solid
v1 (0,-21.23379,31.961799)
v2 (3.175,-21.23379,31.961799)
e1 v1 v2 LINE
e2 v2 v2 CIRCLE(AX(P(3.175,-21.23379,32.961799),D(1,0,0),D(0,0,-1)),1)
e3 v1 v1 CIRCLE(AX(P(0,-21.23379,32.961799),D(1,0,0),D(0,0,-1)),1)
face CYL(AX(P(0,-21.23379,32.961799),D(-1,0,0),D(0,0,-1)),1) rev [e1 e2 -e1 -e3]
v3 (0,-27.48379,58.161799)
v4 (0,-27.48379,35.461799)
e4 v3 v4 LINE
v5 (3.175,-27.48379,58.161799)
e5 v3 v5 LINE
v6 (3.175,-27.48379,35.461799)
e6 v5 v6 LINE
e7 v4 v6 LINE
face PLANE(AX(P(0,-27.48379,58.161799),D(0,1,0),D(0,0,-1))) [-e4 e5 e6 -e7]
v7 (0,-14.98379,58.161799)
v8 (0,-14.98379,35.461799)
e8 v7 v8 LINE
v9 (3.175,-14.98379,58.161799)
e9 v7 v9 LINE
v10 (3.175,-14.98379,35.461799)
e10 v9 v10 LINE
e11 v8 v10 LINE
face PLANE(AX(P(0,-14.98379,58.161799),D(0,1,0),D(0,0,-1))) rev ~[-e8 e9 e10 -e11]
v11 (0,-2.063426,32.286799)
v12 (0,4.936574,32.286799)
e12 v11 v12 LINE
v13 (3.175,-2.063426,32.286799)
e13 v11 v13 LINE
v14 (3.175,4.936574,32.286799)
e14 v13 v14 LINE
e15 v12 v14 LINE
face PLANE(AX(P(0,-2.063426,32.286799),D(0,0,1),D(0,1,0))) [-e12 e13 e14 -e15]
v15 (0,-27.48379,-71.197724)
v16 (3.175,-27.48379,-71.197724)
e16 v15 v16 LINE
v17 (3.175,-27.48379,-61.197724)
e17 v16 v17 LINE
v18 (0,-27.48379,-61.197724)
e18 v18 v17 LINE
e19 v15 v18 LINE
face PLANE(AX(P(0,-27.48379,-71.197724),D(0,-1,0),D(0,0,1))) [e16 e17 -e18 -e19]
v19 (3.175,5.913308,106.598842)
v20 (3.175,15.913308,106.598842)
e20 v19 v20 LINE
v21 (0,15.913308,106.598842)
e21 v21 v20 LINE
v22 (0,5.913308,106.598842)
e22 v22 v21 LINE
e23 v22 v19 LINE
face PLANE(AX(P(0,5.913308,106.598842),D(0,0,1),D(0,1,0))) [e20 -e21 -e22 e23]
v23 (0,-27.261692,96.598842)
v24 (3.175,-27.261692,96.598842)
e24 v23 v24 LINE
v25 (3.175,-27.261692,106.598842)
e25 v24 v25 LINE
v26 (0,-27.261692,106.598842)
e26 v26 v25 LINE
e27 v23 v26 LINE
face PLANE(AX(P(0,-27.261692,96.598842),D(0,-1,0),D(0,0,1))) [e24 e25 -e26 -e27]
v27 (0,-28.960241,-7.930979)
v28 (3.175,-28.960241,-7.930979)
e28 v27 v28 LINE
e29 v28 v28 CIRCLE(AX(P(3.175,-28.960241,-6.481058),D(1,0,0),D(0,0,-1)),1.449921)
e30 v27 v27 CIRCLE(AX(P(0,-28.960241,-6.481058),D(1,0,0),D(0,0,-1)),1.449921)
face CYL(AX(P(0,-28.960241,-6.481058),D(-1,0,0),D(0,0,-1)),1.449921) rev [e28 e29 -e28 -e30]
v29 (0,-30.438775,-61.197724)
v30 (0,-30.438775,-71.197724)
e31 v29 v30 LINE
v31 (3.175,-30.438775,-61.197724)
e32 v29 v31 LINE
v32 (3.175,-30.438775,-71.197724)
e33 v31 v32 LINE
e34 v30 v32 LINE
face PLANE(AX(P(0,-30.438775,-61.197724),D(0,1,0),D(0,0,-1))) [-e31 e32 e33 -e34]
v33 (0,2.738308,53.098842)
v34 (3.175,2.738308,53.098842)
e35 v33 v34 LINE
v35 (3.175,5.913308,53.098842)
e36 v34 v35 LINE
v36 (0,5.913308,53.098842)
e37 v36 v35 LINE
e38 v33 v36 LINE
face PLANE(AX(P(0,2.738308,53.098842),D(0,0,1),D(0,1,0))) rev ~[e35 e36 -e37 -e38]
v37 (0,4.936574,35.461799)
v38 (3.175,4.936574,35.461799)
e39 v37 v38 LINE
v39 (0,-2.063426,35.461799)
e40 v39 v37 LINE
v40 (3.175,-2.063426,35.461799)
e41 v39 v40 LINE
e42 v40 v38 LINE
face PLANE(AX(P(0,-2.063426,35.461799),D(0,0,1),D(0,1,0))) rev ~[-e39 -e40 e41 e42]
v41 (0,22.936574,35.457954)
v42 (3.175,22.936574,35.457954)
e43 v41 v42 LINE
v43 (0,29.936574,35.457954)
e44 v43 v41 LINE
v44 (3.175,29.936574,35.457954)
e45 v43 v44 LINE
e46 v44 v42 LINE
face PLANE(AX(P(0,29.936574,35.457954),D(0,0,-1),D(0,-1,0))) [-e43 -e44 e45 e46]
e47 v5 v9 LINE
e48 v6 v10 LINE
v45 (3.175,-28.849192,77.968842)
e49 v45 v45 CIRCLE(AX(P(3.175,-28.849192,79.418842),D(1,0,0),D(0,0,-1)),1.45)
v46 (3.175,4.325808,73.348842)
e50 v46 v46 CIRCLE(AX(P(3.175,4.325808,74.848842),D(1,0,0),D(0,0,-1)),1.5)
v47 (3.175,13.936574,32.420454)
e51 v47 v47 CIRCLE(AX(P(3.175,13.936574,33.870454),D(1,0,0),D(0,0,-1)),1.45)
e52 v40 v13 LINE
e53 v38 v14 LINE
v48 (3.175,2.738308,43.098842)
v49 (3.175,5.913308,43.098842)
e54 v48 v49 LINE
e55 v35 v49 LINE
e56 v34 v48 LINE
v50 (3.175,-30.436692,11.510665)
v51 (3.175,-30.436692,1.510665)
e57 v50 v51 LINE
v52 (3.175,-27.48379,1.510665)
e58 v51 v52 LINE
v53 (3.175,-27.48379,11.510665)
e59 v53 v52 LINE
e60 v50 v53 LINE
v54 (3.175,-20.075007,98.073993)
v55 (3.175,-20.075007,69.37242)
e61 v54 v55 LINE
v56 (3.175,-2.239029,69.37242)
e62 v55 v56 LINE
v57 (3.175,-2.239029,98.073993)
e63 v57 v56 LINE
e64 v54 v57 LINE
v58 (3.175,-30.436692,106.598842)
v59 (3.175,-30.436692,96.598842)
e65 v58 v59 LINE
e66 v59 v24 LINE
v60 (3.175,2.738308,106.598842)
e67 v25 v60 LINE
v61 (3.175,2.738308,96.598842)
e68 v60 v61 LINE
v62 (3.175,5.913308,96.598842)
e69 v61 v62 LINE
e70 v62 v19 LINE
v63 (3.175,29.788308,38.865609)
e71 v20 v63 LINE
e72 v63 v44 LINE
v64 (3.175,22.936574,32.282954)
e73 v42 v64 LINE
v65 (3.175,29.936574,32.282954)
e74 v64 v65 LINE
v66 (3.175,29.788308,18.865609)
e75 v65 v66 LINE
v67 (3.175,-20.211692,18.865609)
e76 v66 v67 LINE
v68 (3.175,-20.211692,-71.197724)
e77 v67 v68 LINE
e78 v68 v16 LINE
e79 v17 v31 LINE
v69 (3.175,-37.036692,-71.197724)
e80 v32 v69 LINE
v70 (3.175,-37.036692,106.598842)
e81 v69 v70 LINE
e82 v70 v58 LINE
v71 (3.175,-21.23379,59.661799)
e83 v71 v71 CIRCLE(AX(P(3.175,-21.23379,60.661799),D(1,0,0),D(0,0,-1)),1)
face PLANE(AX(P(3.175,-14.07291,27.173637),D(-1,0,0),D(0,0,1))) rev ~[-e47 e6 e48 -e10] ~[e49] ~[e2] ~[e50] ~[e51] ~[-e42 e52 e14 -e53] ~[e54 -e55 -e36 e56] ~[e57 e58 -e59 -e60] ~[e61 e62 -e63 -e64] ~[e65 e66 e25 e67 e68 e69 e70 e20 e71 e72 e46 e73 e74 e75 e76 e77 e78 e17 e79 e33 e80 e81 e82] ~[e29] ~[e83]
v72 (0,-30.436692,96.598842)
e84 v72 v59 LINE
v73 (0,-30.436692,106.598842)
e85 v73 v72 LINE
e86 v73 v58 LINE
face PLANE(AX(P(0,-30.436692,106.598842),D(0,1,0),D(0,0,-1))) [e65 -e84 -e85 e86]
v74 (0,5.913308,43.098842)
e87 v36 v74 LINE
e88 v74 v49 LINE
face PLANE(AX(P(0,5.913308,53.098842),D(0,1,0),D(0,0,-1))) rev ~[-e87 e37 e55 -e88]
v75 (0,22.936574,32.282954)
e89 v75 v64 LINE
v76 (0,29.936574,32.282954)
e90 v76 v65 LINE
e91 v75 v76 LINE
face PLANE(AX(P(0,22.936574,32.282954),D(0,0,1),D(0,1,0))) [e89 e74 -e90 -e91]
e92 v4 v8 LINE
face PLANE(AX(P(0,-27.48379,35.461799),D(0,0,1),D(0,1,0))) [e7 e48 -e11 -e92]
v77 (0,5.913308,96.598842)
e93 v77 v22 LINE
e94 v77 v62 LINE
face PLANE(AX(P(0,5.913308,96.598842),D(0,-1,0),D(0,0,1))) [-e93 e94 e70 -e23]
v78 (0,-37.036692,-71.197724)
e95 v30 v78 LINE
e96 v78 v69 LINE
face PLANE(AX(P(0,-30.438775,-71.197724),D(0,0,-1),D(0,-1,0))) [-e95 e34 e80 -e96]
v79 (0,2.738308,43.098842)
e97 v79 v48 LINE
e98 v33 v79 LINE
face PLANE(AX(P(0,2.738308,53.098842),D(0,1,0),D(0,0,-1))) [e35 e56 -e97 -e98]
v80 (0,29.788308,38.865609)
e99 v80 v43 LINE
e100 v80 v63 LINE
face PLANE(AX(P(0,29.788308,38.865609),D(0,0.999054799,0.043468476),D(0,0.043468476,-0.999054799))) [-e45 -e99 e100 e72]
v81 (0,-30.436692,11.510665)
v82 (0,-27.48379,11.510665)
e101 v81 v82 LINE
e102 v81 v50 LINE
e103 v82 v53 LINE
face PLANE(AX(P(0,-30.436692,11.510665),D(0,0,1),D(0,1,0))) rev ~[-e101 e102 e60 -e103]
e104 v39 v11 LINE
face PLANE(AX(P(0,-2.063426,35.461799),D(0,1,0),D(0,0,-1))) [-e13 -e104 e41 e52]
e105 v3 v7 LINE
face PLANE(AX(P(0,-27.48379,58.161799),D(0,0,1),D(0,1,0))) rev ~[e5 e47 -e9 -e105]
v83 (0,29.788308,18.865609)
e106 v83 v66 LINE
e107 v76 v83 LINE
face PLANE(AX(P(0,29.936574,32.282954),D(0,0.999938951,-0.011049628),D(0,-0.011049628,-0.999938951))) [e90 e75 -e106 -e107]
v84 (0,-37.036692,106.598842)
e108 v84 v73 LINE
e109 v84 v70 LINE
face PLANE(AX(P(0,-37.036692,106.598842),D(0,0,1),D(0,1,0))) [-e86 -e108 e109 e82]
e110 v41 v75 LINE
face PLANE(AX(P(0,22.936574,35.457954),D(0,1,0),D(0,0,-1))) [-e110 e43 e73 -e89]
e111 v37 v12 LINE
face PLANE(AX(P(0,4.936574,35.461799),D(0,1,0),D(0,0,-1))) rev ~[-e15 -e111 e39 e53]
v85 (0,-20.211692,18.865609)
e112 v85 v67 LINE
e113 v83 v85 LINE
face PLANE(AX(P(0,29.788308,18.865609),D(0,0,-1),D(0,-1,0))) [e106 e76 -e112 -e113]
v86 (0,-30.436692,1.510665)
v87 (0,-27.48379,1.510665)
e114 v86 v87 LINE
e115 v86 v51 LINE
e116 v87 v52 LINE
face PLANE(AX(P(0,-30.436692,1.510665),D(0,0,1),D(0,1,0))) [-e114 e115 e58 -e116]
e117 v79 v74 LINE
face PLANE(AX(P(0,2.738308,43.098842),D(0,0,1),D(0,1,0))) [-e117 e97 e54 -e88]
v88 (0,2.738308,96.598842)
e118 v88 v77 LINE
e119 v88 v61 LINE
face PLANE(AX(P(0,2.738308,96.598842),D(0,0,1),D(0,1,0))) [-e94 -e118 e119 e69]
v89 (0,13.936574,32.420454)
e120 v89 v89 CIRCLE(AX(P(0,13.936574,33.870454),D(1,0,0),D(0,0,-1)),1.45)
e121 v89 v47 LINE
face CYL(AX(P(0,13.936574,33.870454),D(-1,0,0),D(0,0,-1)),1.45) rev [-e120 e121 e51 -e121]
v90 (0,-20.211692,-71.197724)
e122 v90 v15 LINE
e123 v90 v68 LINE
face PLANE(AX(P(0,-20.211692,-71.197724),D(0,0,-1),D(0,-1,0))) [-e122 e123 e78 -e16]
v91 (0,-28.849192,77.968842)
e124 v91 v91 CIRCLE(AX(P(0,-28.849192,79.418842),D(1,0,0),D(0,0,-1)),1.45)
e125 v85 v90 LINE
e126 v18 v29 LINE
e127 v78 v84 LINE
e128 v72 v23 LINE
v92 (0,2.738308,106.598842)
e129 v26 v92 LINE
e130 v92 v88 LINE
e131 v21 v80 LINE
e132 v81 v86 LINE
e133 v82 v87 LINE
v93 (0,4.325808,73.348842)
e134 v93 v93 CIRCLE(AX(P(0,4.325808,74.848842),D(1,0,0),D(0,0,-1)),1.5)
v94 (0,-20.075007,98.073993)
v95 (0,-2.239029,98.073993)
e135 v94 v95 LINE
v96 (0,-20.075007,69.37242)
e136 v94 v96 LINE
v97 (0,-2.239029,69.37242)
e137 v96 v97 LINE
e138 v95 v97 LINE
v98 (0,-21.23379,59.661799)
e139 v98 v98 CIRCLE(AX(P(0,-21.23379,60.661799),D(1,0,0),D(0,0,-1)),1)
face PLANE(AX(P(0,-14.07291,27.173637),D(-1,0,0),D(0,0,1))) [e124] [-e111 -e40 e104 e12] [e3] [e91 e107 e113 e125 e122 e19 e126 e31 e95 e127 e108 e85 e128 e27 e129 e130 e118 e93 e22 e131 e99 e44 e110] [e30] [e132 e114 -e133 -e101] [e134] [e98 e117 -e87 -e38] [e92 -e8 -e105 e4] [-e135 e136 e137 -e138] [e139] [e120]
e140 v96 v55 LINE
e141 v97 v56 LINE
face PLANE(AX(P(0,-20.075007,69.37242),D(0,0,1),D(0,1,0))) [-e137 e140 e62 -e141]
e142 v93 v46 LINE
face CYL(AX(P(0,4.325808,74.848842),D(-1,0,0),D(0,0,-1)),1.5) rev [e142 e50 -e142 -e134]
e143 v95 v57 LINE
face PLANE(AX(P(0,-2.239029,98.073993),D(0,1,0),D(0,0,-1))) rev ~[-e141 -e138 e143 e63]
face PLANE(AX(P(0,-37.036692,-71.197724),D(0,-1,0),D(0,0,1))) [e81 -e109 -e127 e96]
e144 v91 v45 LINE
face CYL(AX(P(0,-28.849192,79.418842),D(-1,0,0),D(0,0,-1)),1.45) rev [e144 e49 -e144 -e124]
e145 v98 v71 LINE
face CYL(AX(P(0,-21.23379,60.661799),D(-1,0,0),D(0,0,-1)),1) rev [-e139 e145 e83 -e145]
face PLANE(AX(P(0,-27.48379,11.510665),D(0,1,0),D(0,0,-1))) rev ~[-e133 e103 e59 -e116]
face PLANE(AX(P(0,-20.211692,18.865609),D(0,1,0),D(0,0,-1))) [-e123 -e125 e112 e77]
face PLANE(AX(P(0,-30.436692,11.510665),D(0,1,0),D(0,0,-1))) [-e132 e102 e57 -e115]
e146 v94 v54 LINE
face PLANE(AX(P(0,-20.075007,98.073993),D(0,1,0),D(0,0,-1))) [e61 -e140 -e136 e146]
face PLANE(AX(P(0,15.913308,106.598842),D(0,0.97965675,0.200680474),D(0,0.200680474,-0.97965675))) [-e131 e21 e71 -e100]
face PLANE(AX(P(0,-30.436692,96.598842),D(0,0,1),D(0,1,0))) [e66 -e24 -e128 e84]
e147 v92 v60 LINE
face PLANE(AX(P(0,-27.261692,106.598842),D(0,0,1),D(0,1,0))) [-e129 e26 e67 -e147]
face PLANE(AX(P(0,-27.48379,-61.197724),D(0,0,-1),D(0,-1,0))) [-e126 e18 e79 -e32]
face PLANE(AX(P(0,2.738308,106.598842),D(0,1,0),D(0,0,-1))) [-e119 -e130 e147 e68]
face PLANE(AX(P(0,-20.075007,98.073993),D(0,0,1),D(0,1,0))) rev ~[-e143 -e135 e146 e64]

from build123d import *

# Parameters (mm, degrees)
SKETCH1_R      = 1.45
SKETCH1_R_2    = 1.44992108
SKETCH1_R_3    = 1
SKETCH1_R_4    = 1.5
SKETCH1_W      = 22.7
SKETCH1_H      = 12.5
SKETCH1_W_2    = 10
SKETCH1_H_2    = 2.952902408
SKETCH1_H_3    = 3.175
SKETCH1_W_3    = 3.175
SKETCH1_H_4    = 7
SKETCH1_W_4    = 28.701572838
SKETCH1_H_5    = 17.835977406
EXTRUDE1_DEPTH = 3.175


with BuildPart() as part:
    # Sketch1 → Extrude1 (new body)
    with BuildSketch(Plane(origin=(0, 0, 0), x_dir=(0, 0, -1), z_dir=(1, 0, 0))):
        Polygon((71.197724246, -30.438774567), (71.197724246, -37.036692127), (-106.598842421, -37.036692127), (-106.598842421, -30.436692127), (-96.598842421, -30.436692127), (-96.598842421, -27.261692127), (-106.598842421, -27.261692127), (-106.598842421, 2.738307873), (-96.598842421, 2.738307873), (-96.598842421, 5.913307873), (-106.598842421, 5.913307873), (-106.598842421, 15.913307873), (-38.865609087, 29.788307873), (-35.457953974, 29.936573589), (-35.457953974, 22.936573589), (-32.282953974, 22.936573589), (-32.282953974, 29.936573589), (-18.865609087, 29.788307873), (-18.865609087, -20.211692127), (71.197724246, -20.211692127), (71.197724246, -27.483789719), (61.197724246, -27.483789719), (61.197724246, -30.438774567), align=None)
        with Locations((-79.418842421, -28.849192127)):
            Circle(SKETCH1_R, mode=Mode.SUBTRACT)
        with Locations((6.481057579, -28.960240923)):
            Circle(SKETCH1_R_2, mode=Mode.SUBTRACT)
        with Locations((-60.661798953, -21.233789719)):
            Circle(SKETCH1_R_3, mode=Mode.SUBTRACT)
        with Locations((-32.961798953, -21.233789719)):
            Circle(SKETCH1_R_3, mode=Mode.SUBTRACT)
        with Locations((-33.870453974, 13.93657382)):
            Circle(SKETCH1_R, mode=Mode.SUBTRACT)
        with Locations((-74.848842421, 4.325807873)):
            Circle(SKETCH1_R_4, mode=Mode.SUBTRACT)
        with Locations((-46.811798953, -21.233789719)):
            Rectangle(SKETCH1_W, SKETCH1_H, mode=Mode.SUBTRACT)
        with Locations((-6.510665386, -28.960240923)):
            Rectangle(SKETCH1_W_2, SKETCH1_H_2, mode=Mode.SUBTRACT)
        with Locations((-48.098842421, 4.325807873)):
            Rectangle(SKETCH1_W_2, SKETCH1_H_3, mode=Mode.SUBTRACT)
        with Locations((-33.874298953, 1.43657382)):
            Rectangle(SKETCH1_W_3, SKETCH1_H_4, mode=Mode.SUBTRACT)
        with Locations((-83.72320649, -11.157017929)):
            Rectangle(SKETCH1_W_4, SKETCH1_H_5, mode=Mode.SUBTRACT)
    extrude(amount=EXTRUDE1_DEPTH)


solid = part.part
